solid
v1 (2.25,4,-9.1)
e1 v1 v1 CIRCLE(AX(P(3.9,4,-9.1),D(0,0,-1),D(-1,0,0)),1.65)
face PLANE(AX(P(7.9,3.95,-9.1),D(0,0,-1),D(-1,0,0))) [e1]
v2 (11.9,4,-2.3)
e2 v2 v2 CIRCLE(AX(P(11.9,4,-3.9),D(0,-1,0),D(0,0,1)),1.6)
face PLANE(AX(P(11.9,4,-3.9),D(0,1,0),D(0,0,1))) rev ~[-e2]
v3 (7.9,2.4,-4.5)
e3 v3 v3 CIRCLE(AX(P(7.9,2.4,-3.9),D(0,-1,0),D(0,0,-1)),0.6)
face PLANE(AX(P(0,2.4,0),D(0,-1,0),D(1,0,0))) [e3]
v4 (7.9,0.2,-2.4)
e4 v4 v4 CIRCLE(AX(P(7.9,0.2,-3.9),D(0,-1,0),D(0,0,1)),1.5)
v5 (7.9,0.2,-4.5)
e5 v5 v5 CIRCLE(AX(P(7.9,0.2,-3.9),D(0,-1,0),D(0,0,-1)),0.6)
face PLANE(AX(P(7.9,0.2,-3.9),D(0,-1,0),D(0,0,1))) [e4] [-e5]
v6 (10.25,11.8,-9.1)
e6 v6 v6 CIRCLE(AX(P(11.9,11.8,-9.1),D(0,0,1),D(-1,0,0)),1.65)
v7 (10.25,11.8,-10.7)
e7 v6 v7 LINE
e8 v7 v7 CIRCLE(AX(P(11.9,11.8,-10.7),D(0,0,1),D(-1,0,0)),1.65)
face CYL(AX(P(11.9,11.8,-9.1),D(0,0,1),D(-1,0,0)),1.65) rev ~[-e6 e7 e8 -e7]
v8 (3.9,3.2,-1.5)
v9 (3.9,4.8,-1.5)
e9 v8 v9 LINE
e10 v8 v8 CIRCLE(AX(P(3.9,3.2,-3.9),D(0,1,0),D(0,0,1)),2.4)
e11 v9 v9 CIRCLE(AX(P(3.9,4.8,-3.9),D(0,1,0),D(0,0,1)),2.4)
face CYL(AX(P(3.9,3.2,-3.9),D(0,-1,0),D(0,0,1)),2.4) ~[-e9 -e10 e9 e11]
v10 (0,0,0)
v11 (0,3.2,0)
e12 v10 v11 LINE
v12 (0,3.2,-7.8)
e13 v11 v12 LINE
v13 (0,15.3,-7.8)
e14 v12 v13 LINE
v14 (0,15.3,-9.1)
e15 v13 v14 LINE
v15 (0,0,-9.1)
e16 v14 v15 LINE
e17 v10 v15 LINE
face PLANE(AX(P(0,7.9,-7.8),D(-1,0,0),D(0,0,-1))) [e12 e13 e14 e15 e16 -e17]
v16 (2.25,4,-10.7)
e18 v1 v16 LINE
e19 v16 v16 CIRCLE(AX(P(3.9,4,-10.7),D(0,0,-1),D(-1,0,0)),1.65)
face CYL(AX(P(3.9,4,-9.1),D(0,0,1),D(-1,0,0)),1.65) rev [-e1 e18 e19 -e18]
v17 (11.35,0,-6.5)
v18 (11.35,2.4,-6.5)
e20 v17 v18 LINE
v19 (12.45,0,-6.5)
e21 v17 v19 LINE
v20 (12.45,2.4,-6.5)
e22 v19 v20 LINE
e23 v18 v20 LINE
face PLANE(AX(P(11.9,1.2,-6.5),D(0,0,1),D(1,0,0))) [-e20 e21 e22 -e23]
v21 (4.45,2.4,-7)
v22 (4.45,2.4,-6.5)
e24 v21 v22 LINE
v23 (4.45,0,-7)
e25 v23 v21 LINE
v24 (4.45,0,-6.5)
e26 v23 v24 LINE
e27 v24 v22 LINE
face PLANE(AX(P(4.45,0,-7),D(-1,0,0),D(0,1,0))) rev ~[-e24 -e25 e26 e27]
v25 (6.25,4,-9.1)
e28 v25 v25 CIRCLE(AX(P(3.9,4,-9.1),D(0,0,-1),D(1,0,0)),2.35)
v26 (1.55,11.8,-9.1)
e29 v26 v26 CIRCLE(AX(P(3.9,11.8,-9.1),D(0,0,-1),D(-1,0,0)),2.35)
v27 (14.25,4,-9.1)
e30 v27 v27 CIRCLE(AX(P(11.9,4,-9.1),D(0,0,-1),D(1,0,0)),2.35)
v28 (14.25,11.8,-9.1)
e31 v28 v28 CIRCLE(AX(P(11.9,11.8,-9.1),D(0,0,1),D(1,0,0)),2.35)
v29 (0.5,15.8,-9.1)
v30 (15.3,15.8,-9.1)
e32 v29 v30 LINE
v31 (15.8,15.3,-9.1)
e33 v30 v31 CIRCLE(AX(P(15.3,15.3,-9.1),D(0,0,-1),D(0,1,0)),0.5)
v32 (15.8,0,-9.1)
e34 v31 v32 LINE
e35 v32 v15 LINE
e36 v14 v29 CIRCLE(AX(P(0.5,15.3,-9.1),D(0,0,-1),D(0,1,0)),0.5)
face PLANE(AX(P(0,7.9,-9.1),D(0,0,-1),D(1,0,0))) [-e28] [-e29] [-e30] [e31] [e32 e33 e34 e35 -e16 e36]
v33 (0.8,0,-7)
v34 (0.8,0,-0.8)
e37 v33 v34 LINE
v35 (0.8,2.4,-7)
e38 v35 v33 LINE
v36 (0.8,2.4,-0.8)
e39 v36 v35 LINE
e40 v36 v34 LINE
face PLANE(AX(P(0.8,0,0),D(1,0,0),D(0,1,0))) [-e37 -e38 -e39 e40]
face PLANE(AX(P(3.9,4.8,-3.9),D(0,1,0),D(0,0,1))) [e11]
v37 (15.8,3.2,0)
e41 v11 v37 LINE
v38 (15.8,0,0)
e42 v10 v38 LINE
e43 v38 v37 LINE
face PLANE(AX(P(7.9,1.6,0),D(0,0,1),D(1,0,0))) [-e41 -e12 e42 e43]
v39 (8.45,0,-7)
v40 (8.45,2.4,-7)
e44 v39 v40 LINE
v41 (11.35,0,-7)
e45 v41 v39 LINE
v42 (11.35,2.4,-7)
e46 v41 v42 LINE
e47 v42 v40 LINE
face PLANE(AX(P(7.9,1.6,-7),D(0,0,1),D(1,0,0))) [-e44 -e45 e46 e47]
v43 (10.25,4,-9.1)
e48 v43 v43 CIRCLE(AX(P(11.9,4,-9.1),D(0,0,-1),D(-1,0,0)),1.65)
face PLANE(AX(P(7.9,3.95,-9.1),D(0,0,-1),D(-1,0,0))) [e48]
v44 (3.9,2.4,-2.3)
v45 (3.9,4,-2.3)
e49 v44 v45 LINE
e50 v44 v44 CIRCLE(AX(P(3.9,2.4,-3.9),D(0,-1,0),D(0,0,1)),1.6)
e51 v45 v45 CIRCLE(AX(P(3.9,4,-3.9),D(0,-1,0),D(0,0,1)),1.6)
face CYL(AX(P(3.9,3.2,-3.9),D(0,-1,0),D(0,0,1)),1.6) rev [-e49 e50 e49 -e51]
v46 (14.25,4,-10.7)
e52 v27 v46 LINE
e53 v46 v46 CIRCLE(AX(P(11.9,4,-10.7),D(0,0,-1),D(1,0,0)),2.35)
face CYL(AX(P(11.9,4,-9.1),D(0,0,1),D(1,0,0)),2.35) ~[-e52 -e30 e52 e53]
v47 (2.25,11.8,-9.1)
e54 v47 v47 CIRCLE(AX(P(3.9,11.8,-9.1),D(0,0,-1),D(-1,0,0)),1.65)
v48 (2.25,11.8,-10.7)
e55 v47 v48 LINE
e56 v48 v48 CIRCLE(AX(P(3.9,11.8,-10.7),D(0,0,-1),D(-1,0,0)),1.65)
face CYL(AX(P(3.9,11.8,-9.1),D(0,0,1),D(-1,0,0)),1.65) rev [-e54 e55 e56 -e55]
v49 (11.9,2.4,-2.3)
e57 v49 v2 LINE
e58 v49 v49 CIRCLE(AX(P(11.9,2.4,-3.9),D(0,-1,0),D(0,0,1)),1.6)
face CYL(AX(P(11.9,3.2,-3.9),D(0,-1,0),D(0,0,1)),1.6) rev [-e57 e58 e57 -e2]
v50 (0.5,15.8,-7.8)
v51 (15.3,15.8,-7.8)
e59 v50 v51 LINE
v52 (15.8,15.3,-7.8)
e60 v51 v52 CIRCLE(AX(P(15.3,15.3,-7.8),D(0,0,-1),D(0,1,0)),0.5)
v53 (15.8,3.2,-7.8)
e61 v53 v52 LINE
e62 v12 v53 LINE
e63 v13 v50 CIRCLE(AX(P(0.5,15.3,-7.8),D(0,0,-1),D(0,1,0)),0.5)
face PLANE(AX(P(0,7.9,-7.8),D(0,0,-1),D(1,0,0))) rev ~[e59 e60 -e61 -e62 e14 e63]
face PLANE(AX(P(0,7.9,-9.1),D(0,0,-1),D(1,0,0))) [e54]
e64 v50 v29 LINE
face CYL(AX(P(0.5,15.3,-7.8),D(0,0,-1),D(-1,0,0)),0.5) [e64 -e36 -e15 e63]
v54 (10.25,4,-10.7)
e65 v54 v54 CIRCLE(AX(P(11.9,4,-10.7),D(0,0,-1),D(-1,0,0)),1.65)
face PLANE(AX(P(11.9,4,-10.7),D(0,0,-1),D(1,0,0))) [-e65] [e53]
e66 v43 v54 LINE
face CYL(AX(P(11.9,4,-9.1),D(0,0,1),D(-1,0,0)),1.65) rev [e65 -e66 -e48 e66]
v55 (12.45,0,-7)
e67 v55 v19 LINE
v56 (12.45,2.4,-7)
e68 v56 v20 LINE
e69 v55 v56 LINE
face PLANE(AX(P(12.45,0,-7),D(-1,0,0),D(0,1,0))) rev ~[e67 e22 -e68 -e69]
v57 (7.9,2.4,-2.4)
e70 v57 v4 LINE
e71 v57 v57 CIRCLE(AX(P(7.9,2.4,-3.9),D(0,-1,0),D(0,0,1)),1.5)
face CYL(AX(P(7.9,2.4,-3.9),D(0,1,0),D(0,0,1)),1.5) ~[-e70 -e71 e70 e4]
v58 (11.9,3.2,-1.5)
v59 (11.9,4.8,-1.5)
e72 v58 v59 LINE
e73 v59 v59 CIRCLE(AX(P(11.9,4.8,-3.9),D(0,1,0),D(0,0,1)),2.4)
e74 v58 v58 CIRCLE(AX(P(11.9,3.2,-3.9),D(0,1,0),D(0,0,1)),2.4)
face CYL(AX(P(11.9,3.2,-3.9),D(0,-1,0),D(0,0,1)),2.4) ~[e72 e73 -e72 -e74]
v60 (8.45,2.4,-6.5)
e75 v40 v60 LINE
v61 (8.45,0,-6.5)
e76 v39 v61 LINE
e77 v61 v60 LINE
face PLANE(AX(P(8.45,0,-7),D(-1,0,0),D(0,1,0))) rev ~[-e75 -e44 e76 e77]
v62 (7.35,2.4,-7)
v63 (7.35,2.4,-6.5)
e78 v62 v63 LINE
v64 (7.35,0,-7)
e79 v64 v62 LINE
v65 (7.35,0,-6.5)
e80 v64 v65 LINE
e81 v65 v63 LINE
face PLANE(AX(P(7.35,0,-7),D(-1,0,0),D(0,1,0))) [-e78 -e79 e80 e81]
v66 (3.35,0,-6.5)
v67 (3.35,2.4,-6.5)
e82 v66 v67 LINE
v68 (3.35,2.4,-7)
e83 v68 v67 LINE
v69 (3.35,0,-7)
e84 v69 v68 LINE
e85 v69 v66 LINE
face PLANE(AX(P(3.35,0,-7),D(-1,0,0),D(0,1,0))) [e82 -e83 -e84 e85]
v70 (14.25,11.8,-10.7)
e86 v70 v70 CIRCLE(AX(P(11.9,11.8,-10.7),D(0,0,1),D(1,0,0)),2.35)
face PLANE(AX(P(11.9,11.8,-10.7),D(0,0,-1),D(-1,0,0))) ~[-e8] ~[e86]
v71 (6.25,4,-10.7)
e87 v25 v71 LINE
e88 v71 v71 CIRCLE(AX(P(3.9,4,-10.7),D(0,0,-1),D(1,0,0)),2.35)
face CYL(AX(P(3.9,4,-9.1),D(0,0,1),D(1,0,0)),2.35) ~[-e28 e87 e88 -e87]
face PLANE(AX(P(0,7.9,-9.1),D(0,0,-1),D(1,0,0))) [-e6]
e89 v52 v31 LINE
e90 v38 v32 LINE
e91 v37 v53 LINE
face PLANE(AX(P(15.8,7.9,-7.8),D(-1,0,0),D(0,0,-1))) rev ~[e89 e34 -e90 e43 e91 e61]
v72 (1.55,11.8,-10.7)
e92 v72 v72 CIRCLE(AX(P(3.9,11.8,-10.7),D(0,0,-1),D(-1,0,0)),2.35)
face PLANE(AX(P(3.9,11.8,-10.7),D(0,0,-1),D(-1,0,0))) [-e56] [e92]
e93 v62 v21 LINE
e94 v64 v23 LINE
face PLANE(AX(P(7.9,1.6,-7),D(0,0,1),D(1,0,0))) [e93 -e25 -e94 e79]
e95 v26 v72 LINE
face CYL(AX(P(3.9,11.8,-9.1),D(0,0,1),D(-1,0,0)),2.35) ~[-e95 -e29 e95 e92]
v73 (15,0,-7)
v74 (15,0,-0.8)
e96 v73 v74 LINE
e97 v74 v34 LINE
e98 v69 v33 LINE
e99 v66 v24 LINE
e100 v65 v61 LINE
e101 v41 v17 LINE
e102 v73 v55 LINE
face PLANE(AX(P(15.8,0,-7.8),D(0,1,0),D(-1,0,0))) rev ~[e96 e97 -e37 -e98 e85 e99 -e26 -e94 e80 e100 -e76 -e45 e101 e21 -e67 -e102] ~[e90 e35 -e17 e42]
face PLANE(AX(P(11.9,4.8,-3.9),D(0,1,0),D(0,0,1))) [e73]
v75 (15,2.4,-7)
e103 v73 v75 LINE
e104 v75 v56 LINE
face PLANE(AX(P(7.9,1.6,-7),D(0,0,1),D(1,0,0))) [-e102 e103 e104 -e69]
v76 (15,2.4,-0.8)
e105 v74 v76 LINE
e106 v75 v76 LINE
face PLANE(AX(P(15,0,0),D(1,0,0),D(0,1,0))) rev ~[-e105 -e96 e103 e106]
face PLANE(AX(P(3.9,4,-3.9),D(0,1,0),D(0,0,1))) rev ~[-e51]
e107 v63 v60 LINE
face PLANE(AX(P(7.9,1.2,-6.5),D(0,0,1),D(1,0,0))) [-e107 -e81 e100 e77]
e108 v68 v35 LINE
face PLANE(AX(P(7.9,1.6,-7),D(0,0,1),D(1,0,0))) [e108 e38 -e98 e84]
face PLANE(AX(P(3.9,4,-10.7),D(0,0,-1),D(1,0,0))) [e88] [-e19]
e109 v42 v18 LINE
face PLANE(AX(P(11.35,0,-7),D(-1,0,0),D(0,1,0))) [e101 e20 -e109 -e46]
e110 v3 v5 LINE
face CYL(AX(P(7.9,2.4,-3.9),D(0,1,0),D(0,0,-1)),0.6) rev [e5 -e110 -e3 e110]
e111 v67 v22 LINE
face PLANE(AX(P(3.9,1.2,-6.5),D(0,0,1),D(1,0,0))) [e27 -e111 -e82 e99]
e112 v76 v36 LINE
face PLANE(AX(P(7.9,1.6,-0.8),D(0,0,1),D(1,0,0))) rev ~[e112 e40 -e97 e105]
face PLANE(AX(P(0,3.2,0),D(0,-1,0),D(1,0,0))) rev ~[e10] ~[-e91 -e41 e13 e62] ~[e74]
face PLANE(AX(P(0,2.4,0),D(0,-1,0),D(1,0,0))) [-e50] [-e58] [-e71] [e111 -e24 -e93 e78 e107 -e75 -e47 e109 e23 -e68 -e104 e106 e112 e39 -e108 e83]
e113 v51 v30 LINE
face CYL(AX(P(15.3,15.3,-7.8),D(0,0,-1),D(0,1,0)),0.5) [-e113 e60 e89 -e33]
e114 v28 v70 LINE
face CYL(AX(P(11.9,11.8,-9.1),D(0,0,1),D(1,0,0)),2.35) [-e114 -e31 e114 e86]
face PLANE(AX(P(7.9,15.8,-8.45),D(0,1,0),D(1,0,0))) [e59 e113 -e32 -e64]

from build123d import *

# Parameters (mm, degrees)
SKETCH1_W                 = 15.8
SKETCH1_H                 = 3.2
BOSS_EXTRUDE1_DEPTH       = 7.8
SKETCH2_R                 = 2.4
BOSS_EXTRUDE2_DEPTH       = 1.6
LPATTERN1_COUNT           = 2
LPATTERN1_PITCH           = 8
LPATTERN1_COUNT_DIR2      = 4
LPATTERN1_PITCH_DIR2      = 8
SHELL1_T                  = -0.8
SKETCH3_R                 = 1.5
SKETCH3_R_2               = 0.6
BOSS_EXTRUDE3_DEPTH       = 2.2
SKETCH4_W                 = 15.8
SKETCH4_H                 = 7.9
BOSS_EXTRUDE4_DEPTH       = 1.3
SKETCH5_R                 = 2.35
SKETCH5_R_2               = 1.65
BOSS_EXTRUDE5_DEPTH       = 1.6
LPATTERN2_COUNT           = 2
LPATTERN2_PITCH           = 8
SKETCH7_W                 = 1.1
SKETCH7_H                 = 2.4
BOSS_EXTRUDE6_DEPTH       = 0.5
LPATTERN3_COUNT           = 3
LPATTERN3_PITCH           = 4
SKETCH8_W                 = 15.8
SKETCH8_H                 = 1.3
BOSS_EXTRUDE7_DEPTH       = 7.9
MIRROR1_COPY_1_SKETCH_R   = 2.35
MIRROR1_COPY_1_SKETCH_R_2 = 1.65
MIRROR1_COPY_1_DEPTH      = 1.6
FILLET2_R                 = 0.5


with BuildPart() as part:
    # Sketch1 → Boss-Extrude1 (new body)
    with BuildSketch(Plane.XY):
        with Locations((7.9, 1.6)):
            Rectangle(SKETCH1_W, SKETCH1_H)
    extrude(amount=-BOSS_EXTRUDE1_DEPTH)

    # Sketch2 → Boss-Extrude2 (add)
    with BuildSketch(Plane(origin=(0, 3.2, 0), x_dir=(1, 0, 0), z_dir=(0, 1, 0))):
        with Locations(Location((3.9, 3.9, 0), (0, 0, 270))):
            Circle(SKETCH2_R)
    boss_extrude2 = extrude(amount=BOSS_EXTRUDE2_DEPTH)

    # LPattern1: Boss-Extrude2 2 × 4, 6 skipped
    with Locations(*[(j * LPATTERN1_PITCH_DIR2, 0, i * LPATTERN1_PITCH) for i in range(LPATTERN1_COUNT) for j in range(LPATTERN1_COUNT_DIR2) if (i, j) not in ((0, 0), (0, 2), (0, 3), (1, 0), (1, 1), (1, 2), (1, 3))]):
        add(boss_extrude2)

    # Shell1
    shell1_openings = [part.faces().sort_by_distance(p)[0] for p in [
        (7.9, 0, -3.9),
    ]]
    offset(amount=SHELL1_T, openings=shell1_openings, kind=Kind.INTERSECTION)

    # Sketch3 → Boss-Extrude3 (add)
    with BuildSketch(Plane.XZ.offset(-2.4)):
        with Locations(Location((7.9, -3.9, 0), (0, 0, 90))):
            Circle(SKETCH3_R)
        with Locations(Location((7.9, -3.9, 0), (0, 0, 270))):
            Circle(SKETCH3_R_2, mode=Mode.SUBTRACT)
    extrude(amount=BOSS_EXTRUDE3_DEPTH)

    # Sketch4 → Boss-Extrude4 (add)
    with BuildSketch(Plane(origin=(0, 0, -7.8), x_dir=(-1, 0, 0), z_dir=(0, 0, -1))):
        with Locations((-7.9, 3.95)):
            Rectangle(SKETCH4_W, SKETCH4_H)
    extrude(amount=BOSS_EXTRUDE4_DEPTH)

    # Sketch5 → Boss-Extrude5 (add)
    with BuildSketch(Plane(origin=(0, 0, -9.1), x_dir=(-1, 0, 0), z_dir=(0, 0, -1))):
        with Locations(Location((-11.9, 4, 0), (0, 0, 180))):
            Circle(SKETCH5_R)
        with Locations((-11.9, 4)):
            Circle(SKETCH5_R_2, mode=Mode.SUBTRACT)
    boss_extrude5 = extrude(amount=BOSS_EXTRUDE5_DEPTH)

    # LPattern2: Boss-Extrude5 ×2
    with Locations(*[(-i * LPATTERN2_PITCH, 0, 0) for i in range(1, LPATTERN2_COUNT)]):
        add(boss_extrude5)

    # Sketch7 → Boss-Extrude6 (add)
    with BuildSketch(Plane.XY.offset(-7)):
        with Locations((11.9, 1.2)):
            Rectangle(SKETCH7_W, SKETCH7_H)
    boss_extrude6 = extrude(amount=BOSS_EXTRUDE6_DEPTH)

    # LPattern3: Boss-Extrude6 ×3
    with Locations(*[(-i * LPATTERN3_PITCH, 0, 0) for i in range(1, LPATTERN3_COUNT)]):
        add(boss_extrude6)

    # Sketch8 → Boss-Extrude7 (add)
    with BuildSketch(Plane(origin=(0, 7.9, 0), x_dir=(1, 0, 0), z_dir=(0, 1, 0))):
        with Locations((7.9, 8.45)):
            Rectangle(SKETCH8_W, SKETCH8_H)
    extrude(amount=BOSS_EXTRUDE7_DEPTH)

    # Mirror1: Boss-Extrude5 across plane
    add(boss_extrude5.mirror(Plane.ZX.offset(7.9)))

    # Mirror1 copy 1 sketch → Mirror1 copy 1 (add)
    with BuildSketch(Plane(origin=(-8, 15.8, -9.1), x_dir=(-1, 0, 0), z_dir=(0, 0, -1))):
        with Locations((-11.9, -4)):
            Circle(MIRROR1_COPY_1_SKETCH_R)
        with Locations((-11.9, -4)):
            Circle(MIRROR1_COPY_1_SKETCH_R_2, mode=Mode.SUBTRACT)
    extrude(amount=MIRROR1_COPY_1_DEPTH)

    # Fillet2
    fillet2_edges = [part.edges().sort_by_distance(p)[0] for p in [
        (0, 15.8, -8.45),
        (15.8, 15.8, -8.45),
    ]]
    fillet(fillet2_edges, radius=FILLET2_R)


solid = part.part
